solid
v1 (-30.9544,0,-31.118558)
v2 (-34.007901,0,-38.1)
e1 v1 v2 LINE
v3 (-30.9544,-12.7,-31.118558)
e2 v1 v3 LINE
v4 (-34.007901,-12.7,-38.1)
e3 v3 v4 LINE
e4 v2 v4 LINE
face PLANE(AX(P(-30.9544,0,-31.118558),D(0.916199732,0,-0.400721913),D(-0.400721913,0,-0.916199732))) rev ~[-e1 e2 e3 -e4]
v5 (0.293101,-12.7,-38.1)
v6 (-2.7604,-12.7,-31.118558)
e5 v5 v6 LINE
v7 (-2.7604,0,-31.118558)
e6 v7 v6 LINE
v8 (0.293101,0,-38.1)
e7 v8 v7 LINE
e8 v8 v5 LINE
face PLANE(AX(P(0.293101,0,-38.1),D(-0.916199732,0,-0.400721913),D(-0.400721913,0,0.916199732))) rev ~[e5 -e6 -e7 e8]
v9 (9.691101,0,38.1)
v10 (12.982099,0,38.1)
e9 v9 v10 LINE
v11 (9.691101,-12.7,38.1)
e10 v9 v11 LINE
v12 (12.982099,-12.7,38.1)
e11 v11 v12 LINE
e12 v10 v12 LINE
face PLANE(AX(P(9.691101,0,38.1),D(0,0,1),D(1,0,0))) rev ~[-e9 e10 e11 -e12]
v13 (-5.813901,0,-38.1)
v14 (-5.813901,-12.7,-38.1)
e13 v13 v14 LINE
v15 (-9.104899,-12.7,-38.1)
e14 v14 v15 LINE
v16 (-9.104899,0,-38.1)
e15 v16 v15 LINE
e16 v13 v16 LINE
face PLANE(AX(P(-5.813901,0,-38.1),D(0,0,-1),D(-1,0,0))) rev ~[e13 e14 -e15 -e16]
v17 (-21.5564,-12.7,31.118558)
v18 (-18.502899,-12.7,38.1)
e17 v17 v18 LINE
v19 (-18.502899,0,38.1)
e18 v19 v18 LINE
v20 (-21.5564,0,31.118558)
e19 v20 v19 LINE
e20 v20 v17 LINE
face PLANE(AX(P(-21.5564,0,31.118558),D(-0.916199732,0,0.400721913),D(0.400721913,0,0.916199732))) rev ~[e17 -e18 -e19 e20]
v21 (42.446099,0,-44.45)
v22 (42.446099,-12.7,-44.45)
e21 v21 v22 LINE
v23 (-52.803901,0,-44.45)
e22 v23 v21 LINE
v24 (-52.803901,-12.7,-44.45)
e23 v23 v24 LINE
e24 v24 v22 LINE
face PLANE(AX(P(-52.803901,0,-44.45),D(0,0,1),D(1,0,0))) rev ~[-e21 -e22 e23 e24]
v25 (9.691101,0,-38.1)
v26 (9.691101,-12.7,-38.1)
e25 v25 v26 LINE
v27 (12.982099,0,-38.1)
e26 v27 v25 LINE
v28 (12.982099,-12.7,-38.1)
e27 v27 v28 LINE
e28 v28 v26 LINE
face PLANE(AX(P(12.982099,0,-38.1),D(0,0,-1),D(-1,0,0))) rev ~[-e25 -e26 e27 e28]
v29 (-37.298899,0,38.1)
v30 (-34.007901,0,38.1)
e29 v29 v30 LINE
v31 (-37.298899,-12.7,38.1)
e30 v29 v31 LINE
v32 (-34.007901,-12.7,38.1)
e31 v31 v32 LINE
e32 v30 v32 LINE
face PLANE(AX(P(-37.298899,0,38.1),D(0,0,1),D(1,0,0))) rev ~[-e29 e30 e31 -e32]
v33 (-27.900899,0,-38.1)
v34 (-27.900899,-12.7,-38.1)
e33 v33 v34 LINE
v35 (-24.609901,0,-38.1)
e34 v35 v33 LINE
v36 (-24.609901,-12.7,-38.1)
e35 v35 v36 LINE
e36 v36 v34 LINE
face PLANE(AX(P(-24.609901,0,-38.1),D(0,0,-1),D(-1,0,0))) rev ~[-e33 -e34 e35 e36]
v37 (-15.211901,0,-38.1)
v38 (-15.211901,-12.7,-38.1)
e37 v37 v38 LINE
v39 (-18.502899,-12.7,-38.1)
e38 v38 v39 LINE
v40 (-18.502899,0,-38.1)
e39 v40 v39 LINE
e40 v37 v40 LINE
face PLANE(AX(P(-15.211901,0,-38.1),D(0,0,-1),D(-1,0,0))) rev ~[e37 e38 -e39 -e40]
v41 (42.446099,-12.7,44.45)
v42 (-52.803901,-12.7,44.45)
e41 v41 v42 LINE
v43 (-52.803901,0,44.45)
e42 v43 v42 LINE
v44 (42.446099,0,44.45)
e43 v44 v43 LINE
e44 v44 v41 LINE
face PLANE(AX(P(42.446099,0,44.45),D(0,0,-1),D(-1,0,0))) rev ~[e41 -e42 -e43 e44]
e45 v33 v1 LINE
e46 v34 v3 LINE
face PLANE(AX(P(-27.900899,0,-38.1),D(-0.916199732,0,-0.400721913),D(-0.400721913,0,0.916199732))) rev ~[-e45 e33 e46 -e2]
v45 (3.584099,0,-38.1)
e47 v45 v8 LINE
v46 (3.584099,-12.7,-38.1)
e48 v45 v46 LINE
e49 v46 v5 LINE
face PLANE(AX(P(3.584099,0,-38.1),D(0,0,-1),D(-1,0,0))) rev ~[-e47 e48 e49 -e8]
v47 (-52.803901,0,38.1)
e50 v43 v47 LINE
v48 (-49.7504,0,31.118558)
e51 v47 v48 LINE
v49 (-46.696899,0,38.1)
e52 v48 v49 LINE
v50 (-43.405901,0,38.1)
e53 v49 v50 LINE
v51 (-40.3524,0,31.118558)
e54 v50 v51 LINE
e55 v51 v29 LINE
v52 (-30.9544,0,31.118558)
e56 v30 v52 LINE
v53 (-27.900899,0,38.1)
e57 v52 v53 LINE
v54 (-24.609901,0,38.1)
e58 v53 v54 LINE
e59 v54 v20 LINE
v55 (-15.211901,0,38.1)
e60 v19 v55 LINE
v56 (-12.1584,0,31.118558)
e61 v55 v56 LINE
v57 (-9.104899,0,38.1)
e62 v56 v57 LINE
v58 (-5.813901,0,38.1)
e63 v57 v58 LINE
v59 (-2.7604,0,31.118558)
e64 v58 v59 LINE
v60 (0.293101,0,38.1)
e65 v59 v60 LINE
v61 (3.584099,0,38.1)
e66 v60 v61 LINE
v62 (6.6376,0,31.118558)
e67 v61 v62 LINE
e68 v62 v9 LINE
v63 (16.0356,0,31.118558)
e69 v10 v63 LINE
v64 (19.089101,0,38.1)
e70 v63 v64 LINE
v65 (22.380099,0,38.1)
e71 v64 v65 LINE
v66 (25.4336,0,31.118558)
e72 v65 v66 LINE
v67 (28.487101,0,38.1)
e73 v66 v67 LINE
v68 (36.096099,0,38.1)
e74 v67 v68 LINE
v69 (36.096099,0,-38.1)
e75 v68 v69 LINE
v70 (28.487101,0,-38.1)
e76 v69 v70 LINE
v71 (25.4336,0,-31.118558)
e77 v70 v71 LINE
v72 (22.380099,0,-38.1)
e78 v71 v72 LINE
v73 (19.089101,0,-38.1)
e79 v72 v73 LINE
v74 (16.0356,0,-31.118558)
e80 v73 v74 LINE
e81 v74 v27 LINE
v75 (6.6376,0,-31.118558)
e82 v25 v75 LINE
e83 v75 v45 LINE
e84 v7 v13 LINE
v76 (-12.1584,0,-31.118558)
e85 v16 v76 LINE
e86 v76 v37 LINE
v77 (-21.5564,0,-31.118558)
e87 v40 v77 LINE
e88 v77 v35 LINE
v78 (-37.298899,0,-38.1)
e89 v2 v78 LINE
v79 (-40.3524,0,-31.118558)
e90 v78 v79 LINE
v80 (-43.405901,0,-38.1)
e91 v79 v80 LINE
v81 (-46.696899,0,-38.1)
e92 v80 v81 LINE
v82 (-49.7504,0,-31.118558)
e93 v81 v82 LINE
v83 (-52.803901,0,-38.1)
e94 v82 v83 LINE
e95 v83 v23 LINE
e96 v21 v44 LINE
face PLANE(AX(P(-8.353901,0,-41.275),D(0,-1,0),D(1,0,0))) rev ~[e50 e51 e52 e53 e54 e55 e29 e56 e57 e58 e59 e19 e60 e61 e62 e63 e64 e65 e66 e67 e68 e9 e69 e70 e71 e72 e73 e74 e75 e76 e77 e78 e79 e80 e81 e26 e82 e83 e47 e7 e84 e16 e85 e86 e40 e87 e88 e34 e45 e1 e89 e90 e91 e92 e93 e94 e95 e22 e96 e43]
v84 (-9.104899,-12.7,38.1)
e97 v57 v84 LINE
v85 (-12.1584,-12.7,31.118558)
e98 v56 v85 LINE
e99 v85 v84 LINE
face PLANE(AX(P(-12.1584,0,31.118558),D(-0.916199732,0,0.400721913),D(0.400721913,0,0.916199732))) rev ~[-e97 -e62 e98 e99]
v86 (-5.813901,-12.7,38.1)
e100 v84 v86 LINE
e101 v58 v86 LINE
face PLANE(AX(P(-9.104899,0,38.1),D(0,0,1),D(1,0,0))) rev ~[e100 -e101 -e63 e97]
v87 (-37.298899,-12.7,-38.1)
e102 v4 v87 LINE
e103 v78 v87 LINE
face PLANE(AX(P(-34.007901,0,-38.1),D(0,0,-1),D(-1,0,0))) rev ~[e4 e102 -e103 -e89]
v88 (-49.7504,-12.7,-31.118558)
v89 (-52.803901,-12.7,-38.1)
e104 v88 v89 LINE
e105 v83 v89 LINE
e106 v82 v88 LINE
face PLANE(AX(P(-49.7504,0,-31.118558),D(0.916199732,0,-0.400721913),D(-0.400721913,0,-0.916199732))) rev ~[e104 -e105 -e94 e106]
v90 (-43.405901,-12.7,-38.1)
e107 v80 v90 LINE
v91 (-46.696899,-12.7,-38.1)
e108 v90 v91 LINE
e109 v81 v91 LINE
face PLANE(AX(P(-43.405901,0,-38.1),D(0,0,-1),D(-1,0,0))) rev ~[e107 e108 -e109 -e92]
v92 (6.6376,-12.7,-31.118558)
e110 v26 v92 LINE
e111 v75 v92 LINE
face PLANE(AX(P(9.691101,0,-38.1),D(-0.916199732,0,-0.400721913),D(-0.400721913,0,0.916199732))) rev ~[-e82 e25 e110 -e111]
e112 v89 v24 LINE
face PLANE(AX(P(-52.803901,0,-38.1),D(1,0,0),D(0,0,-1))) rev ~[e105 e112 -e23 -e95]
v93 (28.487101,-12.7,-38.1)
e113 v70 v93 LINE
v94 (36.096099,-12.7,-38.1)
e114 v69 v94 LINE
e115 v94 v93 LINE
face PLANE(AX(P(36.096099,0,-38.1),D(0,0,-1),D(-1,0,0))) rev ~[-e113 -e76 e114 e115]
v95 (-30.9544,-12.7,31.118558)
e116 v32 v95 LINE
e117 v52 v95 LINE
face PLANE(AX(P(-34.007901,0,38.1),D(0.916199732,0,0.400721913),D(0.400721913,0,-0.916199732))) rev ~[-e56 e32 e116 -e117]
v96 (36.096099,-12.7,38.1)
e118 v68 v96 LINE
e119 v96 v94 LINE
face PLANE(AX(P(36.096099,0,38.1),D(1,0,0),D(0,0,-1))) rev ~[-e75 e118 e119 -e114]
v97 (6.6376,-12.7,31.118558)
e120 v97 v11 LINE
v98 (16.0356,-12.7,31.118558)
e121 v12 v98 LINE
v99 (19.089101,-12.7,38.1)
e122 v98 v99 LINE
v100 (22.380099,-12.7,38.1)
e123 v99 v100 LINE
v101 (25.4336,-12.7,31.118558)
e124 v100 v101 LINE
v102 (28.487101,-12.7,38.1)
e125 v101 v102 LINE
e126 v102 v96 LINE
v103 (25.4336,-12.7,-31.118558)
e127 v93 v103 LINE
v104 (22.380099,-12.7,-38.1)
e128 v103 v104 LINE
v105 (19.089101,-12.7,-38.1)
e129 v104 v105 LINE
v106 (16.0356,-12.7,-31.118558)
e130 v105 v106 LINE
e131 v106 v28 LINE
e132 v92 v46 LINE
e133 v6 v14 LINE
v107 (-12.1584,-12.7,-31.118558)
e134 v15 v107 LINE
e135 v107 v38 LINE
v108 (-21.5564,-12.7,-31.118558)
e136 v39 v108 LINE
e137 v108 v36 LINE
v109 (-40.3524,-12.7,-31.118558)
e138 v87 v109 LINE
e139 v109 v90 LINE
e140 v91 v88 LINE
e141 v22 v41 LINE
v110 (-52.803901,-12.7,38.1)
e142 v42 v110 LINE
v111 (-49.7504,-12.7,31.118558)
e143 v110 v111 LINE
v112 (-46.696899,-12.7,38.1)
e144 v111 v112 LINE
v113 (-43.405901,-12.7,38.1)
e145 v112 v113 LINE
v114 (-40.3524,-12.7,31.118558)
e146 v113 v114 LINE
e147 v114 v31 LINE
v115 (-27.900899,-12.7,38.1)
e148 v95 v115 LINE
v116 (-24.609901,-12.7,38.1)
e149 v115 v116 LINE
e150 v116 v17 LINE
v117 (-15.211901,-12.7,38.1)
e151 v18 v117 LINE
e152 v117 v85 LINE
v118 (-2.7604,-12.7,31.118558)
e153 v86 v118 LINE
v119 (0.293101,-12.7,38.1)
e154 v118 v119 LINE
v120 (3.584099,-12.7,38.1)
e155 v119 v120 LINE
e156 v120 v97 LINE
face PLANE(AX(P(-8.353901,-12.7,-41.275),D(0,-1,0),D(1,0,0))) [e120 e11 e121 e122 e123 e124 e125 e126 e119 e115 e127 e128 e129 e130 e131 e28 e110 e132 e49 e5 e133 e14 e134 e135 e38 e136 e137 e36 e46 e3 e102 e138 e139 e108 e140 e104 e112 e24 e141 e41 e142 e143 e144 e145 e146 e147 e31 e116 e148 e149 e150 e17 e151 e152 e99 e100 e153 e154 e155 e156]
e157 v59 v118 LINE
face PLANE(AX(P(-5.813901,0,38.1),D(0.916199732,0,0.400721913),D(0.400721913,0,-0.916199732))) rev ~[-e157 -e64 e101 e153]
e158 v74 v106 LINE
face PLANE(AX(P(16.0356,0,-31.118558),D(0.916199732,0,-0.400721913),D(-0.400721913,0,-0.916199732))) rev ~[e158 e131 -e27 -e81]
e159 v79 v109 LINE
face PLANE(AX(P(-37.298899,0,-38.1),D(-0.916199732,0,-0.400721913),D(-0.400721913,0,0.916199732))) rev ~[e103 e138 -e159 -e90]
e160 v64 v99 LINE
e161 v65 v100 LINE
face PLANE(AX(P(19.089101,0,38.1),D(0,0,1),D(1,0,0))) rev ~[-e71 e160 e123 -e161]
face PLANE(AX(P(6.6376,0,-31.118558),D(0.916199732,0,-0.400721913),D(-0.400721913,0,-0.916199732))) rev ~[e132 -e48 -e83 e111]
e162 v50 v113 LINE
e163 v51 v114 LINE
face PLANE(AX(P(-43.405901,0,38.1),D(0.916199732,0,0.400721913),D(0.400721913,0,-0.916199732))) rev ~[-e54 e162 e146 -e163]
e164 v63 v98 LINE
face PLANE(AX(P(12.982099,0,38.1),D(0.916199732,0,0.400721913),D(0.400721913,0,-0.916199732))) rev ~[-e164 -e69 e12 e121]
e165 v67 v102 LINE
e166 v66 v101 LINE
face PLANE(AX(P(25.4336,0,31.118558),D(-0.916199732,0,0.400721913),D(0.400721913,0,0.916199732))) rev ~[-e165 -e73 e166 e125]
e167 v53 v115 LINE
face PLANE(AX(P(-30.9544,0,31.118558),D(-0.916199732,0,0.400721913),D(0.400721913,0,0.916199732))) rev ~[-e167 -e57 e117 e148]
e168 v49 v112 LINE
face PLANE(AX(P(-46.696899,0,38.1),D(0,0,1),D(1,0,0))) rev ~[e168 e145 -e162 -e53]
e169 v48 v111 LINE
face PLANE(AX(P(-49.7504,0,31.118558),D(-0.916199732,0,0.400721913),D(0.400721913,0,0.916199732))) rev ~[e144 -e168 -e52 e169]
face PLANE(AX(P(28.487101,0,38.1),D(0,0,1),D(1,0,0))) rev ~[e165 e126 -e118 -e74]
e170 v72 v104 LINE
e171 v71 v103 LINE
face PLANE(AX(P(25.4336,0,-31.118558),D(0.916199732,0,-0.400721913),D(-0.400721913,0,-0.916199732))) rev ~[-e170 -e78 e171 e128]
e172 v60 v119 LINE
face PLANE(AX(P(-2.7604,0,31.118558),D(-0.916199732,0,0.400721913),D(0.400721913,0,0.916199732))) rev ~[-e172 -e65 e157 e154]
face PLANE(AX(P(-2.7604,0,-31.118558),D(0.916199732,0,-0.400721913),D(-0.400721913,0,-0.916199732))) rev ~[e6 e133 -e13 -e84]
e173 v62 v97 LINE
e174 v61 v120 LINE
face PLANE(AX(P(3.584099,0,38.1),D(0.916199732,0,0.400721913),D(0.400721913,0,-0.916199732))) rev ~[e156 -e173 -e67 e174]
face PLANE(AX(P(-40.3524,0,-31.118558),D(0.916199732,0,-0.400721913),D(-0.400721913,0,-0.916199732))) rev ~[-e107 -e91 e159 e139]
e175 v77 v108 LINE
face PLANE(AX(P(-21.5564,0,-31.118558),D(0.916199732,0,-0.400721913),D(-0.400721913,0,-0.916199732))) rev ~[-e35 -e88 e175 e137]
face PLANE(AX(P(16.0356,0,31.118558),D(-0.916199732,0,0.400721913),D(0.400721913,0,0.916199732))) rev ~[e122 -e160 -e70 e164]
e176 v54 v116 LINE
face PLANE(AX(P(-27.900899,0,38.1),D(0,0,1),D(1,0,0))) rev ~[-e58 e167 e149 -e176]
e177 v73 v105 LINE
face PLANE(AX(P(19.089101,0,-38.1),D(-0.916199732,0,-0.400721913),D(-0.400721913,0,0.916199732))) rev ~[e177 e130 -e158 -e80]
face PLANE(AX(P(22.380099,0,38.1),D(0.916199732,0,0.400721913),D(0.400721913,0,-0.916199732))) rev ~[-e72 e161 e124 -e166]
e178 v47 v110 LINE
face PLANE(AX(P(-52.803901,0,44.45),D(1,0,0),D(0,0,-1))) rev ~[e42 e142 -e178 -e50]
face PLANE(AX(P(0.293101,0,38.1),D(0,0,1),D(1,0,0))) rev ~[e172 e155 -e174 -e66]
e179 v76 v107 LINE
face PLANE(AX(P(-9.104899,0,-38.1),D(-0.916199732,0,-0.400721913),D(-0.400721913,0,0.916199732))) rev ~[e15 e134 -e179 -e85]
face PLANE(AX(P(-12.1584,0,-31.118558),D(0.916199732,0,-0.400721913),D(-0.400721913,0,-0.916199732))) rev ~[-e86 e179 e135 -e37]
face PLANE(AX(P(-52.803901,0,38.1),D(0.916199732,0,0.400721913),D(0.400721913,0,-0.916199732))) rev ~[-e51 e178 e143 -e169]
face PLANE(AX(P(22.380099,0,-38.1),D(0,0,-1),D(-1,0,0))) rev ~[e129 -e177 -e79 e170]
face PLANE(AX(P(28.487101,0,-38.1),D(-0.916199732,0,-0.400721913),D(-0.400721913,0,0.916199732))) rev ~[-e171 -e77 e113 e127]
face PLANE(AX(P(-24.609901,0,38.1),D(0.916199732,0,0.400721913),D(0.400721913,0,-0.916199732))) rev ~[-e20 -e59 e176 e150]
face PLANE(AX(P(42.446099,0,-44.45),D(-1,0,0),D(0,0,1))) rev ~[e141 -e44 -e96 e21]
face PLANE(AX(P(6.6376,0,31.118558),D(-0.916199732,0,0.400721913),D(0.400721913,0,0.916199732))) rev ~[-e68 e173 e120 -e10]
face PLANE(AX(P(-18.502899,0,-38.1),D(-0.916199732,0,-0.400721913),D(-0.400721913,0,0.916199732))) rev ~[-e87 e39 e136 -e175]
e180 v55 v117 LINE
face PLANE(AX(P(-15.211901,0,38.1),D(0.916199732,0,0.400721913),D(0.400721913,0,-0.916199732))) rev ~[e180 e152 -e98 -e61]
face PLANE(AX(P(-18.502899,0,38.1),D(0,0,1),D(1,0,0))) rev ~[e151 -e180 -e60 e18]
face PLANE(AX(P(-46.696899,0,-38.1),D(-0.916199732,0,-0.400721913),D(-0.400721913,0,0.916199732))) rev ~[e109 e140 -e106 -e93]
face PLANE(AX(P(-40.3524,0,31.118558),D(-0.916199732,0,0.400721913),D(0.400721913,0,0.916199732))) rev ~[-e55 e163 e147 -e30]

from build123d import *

# Parameters (mm, degrees)
F1_DEPTH = 12.7


with BuildPart() as f1:
    # F0 (on Front) → F1 (new body)
    with BuildSketch(Plane.XZ):
        Polygon((36.096099, -44.45), (36.096099, -38.1), (28.487101, -38.1), (22.380099, -38.1), (19.089101, -38.1), (12.982099, -38.1), (9.691101, -38.1), (3.584099, -38.1), (0.293101, -38.1), (-5.813901, -38.1), (-9.104899, -38.1), (-15.211901, -38.1), (-18.502899, -38.1), (-24.609901, -38.1), (-27.900899, -38.1), (-34.007901, -38.1), (-37.298899, -38.1), (-43.405901, -38.1), (-46.696899, -38.1), (-52.803901, -38.1), (-52.803901, -44.45), align=None)
        Polygon((-21.5564, -31.118558), (-24.609901, -38.1), (-18.502899, -38.1), align=None)
        Polygon((22.380099, -38.1), (28.487101, -38.1), (25.4336, -31.118558), align=None)
        Polygon((42.446099, 44.45), (36.096099, 44.45), (36.096099, 38.1), (36.096099, -38.1), (36.096099, -44.45), (42.446099, -44.45), align=None)
        Polygon((-30.9544, -31.118558), (-34.007901, -38.1), (-27.900899, -38.1), align=None)
        Polygon((36.096099, 38.1), (36.096099, 44.45), (-52.803901, 44.45), (-52.803901, 38.1), (-46.696899, 38.1), (-43.405901, 38.1), (-37.298899, 38.1), (-34.007901, 38.1), (-27.900899, 38.1), (-24.609901, 38.1), (-18.502899, 38.1), (-15.211901, 38.1), (-9.104899, 38.1), (-5.813901, 38.1), (0.293101, 38.1), (3.584099, 38.1), (9.691101, 38.1), (12.982099, 38.1), (19.089101, 38.1), (22.380099, 38.1), (28.487101, 38.1), align=None)
        Polygon((-40.3524, -31.118558), (-43.405901, -38.1), (-37.298899, -38.1), align=None)
        Polygon((-5.813901, -38.1), (0.293101, -38.1), (-2.7604, -31.118558), align=None)
        Polygon((-37.298899, 38.1), (-43.405901, 38.1), (-40.3524, 31.118558), align=None)
        Polygon((-12.1584, 31.118558), (-9.104899, 38.1), (-15.211901, 38.1), align=None)
        Polygon((-27.900899, 38.1), (-34.007901, 38.1), (-30.9544, 31.118558), align=None)
        Polygon((3.584099, -38.1), (9.691101, -38.1), (6.6376, -31.118558), align=None)
        Polygon((16.0356, 31.118558), (19.089101, 38.1), (12.982099, 38.1), align=None)
        Polygon((-46.696899, 38.1), (-52.803901, 38.1), (-49.7504, 31.118558), align=None)
        Polygon((6.6376, 31.118558), (9.691101, 38.1), (3.584099, 38.1), align=None)
        Polygon((25.4336, 31.118558), (28.487101, 38.1), (22.380099, 38.1), align=None)
        Polygon((12.982099, -38.1), (19.089101, -38.1), (16.0356, -31.118558), align=None)
        Polygon((-2.7604, 31.118558), (0.293101, 38.1), (-5.813901, 38.1), align=None)
        Polygon((-18.502899, 38.1), (-24.609901, 38.1), (-21.5564, 31.118558), align=None)
        Polygon((-49.7504, -31.118558), (-52.803901, -38.1), (-46.696899, -38.1), align=None)
        Polygon((-15.211901, -38.1), (-9.104899, -38.1), (-12.1584, -31.118558), align=None)
    extrude(amount=F1_DEPTH)


solid = f1.part
